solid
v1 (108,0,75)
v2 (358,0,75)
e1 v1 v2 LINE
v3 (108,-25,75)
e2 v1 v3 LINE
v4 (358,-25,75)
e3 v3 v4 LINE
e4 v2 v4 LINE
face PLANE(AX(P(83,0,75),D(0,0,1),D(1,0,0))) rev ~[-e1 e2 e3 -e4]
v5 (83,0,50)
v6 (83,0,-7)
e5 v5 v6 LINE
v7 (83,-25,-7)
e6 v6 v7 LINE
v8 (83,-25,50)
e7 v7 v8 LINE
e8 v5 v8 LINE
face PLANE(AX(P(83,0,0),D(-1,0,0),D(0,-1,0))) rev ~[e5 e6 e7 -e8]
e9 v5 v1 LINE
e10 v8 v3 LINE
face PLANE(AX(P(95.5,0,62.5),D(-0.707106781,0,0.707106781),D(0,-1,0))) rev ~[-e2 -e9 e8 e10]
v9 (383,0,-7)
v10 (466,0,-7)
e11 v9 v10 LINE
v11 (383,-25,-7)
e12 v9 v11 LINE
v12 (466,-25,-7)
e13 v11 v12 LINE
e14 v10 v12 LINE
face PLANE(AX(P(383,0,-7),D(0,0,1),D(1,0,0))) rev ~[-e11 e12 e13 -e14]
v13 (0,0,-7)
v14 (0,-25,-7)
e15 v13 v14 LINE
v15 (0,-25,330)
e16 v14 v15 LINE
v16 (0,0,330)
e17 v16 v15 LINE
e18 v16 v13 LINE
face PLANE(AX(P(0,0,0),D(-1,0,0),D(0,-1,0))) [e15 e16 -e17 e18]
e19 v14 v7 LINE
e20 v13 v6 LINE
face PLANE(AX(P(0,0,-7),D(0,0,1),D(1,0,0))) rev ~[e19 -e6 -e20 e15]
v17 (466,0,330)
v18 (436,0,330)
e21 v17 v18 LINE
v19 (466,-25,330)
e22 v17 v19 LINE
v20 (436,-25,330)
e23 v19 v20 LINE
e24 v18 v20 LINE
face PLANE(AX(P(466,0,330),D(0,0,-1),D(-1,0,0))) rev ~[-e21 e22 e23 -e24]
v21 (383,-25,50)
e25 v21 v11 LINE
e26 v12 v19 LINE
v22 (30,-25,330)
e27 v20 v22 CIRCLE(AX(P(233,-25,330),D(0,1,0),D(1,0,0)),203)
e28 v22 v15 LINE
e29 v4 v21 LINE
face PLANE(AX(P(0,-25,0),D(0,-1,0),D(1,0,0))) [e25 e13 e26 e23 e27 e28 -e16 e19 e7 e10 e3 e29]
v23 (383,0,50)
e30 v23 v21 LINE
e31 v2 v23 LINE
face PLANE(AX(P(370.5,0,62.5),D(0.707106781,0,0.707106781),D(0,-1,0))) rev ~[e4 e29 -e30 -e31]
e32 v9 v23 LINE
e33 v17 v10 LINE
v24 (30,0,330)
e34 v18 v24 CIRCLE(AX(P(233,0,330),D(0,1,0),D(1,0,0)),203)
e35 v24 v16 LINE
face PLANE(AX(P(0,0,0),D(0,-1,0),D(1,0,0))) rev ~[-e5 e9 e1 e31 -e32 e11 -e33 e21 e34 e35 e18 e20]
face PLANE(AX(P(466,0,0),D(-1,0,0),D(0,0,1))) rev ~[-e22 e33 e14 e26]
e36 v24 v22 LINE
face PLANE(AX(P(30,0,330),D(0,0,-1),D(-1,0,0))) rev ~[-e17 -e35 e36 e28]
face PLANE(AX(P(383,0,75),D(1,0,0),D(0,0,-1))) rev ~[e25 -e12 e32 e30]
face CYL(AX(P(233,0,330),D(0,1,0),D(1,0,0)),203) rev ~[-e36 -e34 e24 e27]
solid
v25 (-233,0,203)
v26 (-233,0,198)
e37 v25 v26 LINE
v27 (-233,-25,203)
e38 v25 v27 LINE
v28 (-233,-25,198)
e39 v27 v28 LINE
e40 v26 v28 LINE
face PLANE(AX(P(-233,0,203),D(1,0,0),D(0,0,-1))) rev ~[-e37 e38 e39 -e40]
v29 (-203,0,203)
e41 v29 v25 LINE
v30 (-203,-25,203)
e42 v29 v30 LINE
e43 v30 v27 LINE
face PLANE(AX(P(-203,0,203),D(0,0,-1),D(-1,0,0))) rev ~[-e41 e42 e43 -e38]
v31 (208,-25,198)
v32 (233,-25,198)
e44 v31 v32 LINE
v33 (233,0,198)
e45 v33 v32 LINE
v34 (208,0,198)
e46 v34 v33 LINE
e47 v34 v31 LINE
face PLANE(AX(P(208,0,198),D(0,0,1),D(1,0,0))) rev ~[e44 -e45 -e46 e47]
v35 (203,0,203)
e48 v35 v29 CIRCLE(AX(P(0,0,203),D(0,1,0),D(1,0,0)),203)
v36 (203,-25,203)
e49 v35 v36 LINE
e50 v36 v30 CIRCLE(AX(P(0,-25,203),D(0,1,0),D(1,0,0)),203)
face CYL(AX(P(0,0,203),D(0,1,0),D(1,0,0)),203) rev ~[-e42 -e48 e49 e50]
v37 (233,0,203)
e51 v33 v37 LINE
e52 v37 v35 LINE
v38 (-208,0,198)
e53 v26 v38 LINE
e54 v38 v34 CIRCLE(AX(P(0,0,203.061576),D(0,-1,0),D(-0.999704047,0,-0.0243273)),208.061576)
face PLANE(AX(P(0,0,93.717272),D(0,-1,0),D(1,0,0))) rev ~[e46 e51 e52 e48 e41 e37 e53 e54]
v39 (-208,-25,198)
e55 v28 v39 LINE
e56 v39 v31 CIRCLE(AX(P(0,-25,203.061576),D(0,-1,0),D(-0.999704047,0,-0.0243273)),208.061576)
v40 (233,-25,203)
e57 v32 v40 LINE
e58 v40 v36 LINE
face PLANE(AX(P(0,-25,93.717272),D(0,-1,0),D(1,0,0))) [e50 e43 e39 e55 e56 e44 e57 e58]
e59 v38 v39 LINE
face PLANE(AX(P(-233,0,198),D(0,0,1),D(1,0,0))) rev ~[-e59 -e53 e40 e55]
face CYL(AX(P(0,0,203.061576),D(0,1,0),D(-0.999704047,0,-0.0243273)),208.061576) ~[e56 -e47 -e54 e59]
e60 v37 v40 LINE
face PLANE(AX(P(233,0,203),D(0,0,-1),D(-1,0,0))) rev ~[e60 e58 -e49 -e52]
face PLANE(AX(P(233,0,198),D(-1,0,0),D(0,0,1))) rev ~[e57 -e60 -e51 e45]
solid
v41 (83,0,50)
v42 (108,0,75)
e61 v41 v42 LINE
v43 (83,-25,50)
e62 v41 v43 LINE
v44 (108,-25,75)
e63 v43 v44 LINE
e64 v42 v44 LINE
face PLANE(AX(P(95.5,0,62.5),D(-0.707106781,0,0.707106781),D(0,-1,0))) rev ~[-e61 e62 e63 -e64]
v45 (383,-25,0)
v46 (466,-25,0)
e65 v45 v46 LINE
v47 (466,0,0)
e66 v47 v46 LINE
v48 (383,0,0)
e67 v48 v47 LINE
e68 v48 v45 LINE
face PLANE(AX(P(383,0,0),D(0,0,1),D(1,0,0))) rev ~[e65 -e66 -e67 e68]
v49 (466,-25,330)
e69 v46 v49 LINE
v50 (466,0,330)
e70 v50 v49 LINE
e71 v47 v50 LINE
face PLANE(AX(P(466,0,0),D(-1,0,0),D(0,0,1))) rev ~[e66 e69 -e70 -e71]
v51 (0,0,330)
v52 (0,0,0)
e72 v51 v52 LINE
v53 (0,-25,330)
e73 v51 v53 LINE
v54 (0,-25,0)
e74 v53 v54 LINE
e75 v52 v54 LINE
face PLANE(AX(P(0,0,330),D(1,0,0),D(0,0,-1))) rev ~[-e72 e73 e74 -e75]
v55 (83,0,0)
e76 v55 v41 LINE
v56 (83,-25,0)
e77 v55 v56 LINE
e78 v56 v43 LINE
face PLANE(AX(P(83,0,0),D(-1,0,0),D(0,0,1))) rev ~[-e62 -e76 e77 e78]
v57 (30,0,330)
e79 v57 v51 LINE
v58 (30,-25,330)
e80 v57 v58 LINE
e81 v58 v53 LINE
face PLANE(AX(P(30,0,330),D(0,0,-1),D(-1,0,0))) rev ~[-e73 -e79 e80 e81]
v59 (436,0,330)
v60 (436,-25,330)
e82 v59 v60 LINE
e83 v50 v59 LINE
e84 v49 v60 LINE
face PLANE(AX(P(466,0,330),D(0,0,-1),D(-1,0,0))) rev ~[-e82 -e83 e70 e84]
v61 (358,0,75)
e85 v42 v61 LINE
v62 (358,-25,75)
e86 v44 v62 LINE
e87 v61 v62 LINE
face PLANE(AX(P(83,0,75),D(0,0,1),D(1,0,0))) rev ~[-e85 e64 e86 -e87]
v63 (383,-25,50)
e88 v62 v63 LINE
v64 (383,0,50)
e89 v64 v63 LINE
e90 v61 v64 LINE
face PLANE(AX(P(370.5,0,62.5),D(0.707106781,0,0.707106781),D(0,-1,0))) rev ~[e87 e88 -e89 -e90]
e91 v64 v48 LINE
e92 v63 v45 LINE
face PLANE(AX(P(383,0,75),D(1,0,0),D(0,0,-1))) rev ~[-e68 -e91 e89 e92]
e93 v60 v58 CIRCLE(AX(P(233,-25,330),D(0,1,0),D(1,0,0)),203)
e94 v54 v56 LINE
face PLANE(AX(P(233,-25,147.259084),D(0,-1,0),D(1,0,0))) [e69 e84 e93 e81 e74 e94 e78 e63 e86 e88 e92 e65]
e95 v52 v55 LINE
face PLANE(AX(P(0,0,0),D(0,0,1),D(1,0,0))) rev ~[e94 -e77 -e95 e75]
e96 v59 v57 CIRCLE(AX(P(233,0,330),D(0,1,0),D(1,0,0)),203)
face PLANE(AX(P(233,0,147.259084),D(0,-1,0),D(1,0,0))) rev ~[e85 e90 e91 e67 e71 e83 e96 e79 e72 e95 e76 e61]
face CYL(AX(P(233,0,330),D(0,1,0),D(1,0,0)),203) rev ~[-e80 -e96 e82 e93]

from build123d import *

# Parameters (mm, degrees)
F1_DEPTH = 25
F2_SIZE  = 25
F3_DEPTH = 25
F4_SIZE  = 25
F5_DEPTH = 7
F7_DEPTH = 25


with BuildPart() as f1:
    # F0 (on Front) → F1 (new body)
    with BuildSketch(Plane.XZ):
        with BuildLine():
            Line((0, 330), (0, 0))
            Line((0, 0), (83, 0))
            Line((83, 0), (83, 75))
            Line((83, 75), (383, 75))
            Line((383, 75), (383, 0))
            Line((383, 0), (466, 0))
            Line((466, 0), (466, 330))
            Line((466, 330), (436, 330))
            ThreePointArc((436, 330), (233, 127), (30, 330))
            Line((30, 330), (0, 330))
        make_face()
    extrude(amount=F1_DEPTH)

    # F2
    f2_edges = [f1.edges().sort_by_distance(p)[0] for p in [
        (83, -12.5, 75),
        (383, -12.5, 75),
    ]]
    chamfer(f2_edges, length=F2_SIZE)


with BuildPart() as f3:
    # F0 (on Front) → F3 (new body)
    with BuildSketch(Plane.XZ):
        with BuildLine():
            Line((0, 330), (0, 0))
            Line((0, 0), (83, 0))
            Line((83, 0), (83, 75))
            Line((83, 75), (383, 75))
            Line((383, 75), (383, 0))
            Line((383, 0), (466, 0))
            Line((466, 0), (466, 330))
            Line((466, 330), (436, 330))
            ThreePointArc((436, 330), (233, 127), (30, 330))
            Line((30, 330), (0, 330))
        make_face()
    extrude(amount=F3_DEPTH)

    # F4
    f4_edges = [f3.edges().sort_by_distance(p)[0] for p in [
        (83, -12.5, 75),
        (383, -12.5, 75),
    ]]
    chamfer(f4_edges, length=F4_SIZE)

    # F5 (add): faces of the model
    f5_faces = [f3.faces().sort_by_distance(p)[0] for p in [
        (41.5, -12.5, 0),
        (424.5, -12.5, 0),
    ]]
    extrude(f5_faces, amount=F5_DEPTH)


with BuildPart() as f7:
    # F6 (on Front) → F7 (new body)
    with BuildSketch(Plane.XZ):
        with BuildLine():
            Line((-233, 203), (-233, 198))
            Line((-233, 198), (-208, 198))
            ThreePointArc((-208, 198), (0, -5), (208, 198))
            Line((208, 198), (233, 198))
            Line((233, 198), (233, 203))
            Line((233, 203), (203, 203))
            ThreePointArc((203, 203), (0, 0), (-203, 203))
            Line((-203, 203), (-233, 203))
        make_face()
    extrude(amount=F7_DEPTH)


solid = Compound([f1.part, f3.part, f7.part])
